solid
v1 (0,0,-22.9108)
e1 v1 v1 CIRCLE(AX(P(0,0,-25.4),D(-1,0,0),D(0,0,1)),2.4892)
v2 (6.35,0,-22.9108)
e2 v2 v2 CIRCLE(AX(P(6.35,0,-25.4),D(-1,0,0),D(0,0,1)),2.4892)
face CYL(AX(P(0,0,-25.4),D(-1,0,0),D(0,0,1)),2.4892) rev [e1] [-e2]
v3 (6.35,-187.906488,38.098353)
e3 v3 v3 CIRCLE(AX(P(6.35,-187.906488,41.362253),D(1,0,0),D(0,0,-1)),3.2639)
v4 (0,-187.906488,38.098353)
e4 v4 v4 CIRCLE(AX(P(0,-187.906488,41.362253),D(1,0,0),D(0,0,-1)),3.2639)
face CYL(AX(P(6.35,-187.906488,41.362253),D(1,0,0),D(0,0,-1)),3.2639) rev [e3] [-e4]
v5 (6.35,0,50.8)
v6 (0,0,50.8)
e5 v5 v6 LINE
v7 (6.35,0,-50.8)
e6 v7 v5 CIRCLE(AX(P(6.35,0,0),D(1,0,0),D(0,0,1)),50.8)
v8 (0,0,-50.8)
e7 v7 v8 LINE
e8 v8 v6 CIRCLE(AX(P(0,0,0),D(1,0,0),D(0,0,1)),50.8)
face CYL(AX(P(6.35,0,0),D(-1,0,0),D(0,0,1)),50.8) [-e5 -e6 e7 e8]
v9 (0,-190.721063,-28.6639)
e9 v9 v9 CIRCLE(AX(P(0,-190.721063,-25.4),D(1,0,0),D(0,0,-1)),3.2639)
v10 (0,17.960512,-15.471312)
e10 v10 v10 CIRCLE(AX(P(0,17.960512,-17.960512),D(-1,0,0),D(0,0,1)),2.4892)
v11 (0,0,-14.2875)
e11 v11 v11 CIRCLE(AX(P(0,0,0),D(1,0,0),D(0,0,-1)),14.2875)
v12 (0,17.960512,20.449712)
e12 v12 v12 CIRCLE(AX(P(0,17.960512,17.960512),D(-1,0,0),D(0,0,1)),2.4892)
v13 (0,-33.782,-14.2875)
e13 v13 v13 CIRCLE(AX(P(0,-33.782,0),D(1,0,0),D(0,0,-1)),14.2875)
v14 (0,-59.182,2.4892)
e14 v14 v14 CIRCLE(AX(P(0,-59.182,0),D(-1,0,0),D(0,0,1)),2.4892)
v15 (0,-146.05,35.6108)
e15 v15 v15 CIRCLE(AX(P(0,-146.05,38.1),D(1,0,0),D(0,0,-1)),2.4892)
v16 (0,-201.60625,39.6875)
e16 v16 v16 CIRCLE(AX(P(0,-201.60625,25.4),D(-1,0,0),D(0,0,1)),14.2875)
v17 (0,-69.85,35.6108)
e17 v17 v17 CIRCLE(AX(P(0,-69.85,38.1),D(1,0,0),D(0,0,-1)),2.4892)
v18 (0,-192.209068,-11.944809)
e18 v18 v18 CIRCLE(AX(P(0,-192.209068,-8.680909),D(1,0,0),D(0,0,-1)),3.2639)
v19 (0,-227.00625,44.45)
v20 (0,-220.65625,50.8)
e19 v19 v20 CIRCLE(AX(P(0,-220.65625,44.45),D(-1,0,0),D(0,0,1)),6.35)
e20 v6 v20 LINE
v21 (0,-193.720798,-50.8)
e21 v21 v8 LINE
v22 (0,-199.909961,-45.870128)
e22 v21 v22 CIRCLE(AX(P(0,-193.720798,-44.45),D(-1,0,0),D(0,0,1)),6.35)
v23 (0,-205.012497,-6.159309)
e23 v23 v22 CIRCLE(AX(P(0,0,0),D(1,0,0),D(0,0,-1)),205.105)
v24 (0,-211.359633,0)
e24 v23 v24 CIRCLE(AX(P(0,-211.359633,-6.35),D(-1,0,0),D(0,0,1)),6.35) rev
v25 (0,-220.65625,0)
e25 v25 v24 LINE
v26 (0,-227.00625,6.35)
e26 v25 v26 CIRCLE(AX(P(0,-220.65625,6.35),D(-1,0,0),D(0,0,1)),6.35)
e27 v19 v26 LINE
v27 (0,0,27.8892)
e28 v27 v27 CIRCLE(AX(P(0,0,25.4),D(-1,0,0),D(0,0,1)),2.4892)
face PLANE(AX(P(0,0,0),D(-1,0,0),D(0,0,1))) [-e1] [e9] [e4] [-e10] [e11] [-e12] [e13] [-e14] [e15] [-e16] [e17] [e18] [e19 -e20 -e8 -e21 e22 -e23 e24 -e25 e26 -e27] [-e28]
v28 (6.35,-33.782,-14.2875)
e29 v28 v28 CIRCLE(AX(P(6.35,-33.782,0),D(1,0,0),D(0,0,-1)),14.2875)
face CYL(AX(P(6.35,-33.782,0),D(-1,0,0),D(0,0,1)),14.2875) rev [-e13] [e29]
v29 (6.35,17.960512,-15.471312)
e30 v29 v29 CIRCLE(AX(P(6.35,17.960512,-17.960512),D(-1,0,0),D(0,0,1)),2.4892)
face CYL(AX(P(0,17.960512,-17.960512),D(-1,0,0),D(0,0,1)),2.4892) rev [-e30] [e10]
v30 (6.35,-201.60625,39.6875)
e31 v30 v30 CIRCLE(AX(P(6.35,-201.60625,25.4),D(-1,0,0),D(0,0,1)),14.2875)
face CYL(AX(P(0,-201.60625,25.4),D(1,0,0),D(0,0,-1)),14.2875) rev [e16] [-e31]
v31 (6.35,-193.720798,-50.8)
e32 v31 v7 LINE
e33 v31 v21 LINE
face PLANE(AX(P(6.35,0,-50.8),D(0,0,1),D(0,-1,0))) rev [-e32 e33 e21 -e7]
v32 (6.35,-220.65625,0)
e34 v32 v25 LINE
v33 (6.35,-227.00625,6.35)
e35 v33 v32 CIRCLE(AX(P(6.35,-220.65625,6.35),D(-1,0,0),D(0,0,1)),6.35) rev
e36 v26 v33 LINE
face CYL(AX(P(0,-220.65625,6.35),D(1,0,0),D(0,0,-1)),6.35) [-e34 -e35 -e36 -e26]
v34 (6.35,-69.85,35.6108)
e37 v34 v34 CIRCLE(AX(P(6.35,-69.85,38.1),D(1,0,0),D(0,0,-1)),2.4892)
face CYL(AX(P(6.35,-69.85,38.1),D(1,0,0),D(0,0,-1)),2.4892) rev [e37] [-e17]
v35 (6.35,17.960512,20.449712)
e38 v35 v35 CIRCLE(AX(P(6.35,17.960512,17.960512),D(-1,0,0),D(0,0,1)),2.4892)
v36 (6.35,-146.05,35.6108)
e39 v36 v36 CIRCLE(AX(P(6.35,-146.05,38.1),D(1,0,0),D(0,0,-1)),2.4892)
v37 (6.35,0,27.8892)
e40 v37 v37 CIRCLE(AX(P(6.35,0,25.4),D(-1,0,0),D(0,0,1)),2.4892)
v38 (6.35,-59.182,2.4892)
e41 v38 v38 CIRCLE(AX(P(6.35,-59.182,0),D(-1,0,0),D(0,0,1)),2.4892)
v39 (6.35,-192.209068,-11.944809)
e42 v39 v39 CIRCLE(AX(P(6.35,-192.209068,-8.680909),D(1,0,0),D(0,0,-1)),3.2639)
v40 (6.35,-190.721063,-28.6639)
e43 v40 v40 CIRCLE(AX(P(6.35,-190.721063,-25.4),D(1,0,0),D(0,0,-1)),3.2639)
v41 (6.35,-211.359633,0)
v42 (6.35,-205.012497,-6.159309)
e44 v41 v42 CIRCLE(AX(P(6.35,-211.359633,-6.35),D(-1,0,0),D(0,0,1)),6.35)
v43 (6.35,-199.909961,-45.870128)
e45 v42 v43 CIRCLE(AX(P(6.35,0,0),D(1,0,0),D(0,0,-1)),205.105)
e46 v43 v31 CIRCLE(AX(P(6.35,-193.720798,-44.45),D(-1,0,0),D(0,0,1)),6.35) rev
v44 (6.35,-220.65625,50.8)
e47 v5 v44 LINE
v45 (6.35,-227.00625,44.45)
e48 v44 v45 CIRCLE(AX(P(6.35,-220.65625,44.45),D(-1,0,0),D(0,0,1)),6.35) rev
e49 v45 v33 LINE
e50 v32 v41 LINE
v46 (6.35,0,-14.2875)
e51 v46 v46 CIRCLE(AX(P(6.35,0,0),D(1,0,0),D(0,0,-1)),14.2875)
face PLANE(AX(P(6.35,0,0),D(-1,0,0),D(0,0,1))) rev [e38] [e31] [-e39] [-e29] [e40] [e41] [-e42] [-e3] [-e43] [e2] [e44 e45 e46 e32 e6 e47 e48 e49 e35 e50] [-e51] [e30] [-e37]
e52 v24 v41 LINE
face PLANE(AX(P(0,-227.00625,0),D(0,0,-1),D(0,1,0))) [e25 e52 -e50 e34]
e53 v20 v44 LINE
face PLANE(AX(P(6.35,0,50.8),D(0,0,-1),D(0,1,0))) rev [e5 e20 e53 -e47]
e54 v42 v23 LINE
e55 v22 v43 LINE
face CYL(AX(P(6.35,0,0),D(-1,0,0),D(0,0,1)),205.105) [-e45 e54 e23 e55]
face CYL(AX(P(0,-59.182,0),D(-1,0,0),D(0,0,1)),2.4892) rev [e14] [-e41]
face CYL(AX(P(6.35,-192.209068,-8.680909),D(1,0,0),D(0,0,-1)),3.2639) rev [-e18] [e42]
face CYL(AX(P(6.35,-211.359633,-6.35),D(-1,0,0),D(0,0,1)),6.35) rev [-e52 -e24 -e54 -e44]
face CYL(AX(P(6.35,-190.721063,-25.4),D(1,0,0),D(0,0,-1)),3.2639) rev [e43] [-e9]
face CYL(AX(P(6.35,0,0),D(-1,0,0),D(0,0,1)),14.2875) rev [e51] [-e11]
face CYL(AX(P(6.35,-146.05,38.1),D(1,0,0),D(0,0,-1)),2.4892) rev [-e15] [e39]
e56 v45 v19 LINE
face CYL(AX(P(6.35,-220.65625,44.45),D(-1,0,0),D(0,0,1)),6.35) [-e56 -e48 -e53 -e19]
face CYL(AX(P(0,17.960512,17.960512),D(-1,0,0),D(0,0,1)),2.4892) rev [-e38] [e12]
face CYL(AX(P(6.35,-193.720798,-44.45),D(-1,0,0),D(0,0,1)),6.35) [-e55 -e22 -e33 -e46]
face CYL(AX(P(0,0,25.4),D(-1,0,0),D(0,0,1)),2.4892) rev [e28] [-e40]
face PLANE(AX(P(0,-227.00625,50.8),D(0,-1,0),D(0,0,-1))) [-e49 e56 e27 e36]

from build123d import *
from build123d.topology import SkipClean

# Parameters (mm, degrees)
SKETCH1_R                  = 14.2875
BOSS_EXTRUDE1_DEPTH        = 6.35
F_0_257_DIAMETER_HOLE1_D   = 6.5278
F_9_0_196_DIAMETER_HOLE1_D = 4.9784
F_9_0_196_DIAMETER_HOLE2_D = 4.9784
BOSS_EXTRUDE3_START        = -6.35
BOSS_EXTRUDE3_DEPTH        = 6.35
CUT_EXTRUDE1_START         = -6.35
SKETCH11_R                 = 14.2875
CUT_EXTRUDE1_DEPTH         = 6.35
FILLET1_R                  = 6.35


with BuildPart() as part:
    # Sketch1 → Boss-Extrude1 (new body)
    with BuildSketch(Plane.YZ):
        with BuildLine():
            Line((0, -50.8), (-198.714420778, -50.8))
            ThreePointArc((-198.714420778, -50.8), (-205.105, 0), (-198.714420778, 50.8))
            Line((-198.714420778, 50.8), (0, 50.8))
            ThreePointArc((0, 50.8), (50.8, 0), (0, -50.8))
        make_face()
        with Locations(Location((0, 0, 0), (0, 0, 270))):
            Circle(SKETCH1_R, mode=Mode.SUBTRACT)
        with Locations(Location((-33.782, 0, 0), (0, 0, 270))):
            Circle(SKETCH1_R, mode=Mode.SUBTRACT)
    extrude(amount=BOSS_EXTRUDE1_DEPTH)

    # F (0.257) Diameter Hole1 (through all)
    with Locations(Plane.YZ.offset(6.35)):
        with Locations((0, 0), (-190.721063402, -25.4), (-192.209068041, -8.680909393), (-187.906487547, 41.362252872)):
            Hole(F_0_257_DIAMETER_HOLE1_D / 2)

    # #9 (0.196) Diameter Hole1 (through all)
    with Locations(Plane.YZ.offset(6.35)):
        with Locations((-146.05, 38.1), (-69.85, 38.1)):
            Hole(F_9_0_196_DIAMETER_HOLE1_D / 2)

    # #9 (0.196) Diameter Hole2 (through all)
    with Locations(Plane(origin=(0, 0, 0), x_dir=(0, -1, 0), z_dir=(-1, 0, 0))):
        with Locations((59.182, 0), (0, 25.4), (0, -25.4), (-17.960512242, -17.960512242), (-17.960512242, 17.960512242)):
            Hole(F_9_0_196_DIAMETER_HOLE2_D / 2)

    # Sketch10 → Boss-Extrude3 (add)
    with BuildSketch(Plane.YZ.offset(6.35).offset(BOSS_EXTRUDE3_START)):
        with BuildLine():
            Line((-198.714420778, 50.8), (-227.006249903, 50.8))
            Line((-227.006249903, 50.8), (-227.006249903, 0))
            Line((-227.006249903, 0), (-205.105, 0))
            ThreePointArc((-205.105, 0), (-205.024737282, 5.737432126), (-204.784011946, 11.470373851))
            ThreePointArc((-204.784011946, 11.470373851), (-215.781689349, 27.1859375), (-201.229613759, 39.68253484))
            Line((-201.229613759, 39.68253484), (-198.714420778, 50.8))
        make_face()
    extrude(amount=BOSS_EXTRUDE3_DEPTH)

    # Sketch11 → Cut-Extrude1 (cut)
    with SkipClean():  # the faces are left unmerged after this step: merging them gives an invalid solid
        with BuildSketch(Plane.YZ.offset(6.35).offset(CUT_EXTRUDE1_START)):
            with Locations(Location((-201.606249903, 25.4, 0), (0, 0, 90))):
                Circle(SKETCH11_R)
        extrude(amount=CUT_EXTRUDE1_DEPTH, mode=Mode.SUBTRACT)

    # Fillet1
    fillet1_edges = [part.edges().sort_by_distance(p)[0] for p in [
        (3.175, -198.714420778, -50.8),
        (3.175, -205.105, 0),
        (3.175, -227.006249903, 0),
        (3.175, -227.006249903, 50.8),
    ]]
    fillet(fillet1_edges, radius=FILLET1_R)


solid = part.part
